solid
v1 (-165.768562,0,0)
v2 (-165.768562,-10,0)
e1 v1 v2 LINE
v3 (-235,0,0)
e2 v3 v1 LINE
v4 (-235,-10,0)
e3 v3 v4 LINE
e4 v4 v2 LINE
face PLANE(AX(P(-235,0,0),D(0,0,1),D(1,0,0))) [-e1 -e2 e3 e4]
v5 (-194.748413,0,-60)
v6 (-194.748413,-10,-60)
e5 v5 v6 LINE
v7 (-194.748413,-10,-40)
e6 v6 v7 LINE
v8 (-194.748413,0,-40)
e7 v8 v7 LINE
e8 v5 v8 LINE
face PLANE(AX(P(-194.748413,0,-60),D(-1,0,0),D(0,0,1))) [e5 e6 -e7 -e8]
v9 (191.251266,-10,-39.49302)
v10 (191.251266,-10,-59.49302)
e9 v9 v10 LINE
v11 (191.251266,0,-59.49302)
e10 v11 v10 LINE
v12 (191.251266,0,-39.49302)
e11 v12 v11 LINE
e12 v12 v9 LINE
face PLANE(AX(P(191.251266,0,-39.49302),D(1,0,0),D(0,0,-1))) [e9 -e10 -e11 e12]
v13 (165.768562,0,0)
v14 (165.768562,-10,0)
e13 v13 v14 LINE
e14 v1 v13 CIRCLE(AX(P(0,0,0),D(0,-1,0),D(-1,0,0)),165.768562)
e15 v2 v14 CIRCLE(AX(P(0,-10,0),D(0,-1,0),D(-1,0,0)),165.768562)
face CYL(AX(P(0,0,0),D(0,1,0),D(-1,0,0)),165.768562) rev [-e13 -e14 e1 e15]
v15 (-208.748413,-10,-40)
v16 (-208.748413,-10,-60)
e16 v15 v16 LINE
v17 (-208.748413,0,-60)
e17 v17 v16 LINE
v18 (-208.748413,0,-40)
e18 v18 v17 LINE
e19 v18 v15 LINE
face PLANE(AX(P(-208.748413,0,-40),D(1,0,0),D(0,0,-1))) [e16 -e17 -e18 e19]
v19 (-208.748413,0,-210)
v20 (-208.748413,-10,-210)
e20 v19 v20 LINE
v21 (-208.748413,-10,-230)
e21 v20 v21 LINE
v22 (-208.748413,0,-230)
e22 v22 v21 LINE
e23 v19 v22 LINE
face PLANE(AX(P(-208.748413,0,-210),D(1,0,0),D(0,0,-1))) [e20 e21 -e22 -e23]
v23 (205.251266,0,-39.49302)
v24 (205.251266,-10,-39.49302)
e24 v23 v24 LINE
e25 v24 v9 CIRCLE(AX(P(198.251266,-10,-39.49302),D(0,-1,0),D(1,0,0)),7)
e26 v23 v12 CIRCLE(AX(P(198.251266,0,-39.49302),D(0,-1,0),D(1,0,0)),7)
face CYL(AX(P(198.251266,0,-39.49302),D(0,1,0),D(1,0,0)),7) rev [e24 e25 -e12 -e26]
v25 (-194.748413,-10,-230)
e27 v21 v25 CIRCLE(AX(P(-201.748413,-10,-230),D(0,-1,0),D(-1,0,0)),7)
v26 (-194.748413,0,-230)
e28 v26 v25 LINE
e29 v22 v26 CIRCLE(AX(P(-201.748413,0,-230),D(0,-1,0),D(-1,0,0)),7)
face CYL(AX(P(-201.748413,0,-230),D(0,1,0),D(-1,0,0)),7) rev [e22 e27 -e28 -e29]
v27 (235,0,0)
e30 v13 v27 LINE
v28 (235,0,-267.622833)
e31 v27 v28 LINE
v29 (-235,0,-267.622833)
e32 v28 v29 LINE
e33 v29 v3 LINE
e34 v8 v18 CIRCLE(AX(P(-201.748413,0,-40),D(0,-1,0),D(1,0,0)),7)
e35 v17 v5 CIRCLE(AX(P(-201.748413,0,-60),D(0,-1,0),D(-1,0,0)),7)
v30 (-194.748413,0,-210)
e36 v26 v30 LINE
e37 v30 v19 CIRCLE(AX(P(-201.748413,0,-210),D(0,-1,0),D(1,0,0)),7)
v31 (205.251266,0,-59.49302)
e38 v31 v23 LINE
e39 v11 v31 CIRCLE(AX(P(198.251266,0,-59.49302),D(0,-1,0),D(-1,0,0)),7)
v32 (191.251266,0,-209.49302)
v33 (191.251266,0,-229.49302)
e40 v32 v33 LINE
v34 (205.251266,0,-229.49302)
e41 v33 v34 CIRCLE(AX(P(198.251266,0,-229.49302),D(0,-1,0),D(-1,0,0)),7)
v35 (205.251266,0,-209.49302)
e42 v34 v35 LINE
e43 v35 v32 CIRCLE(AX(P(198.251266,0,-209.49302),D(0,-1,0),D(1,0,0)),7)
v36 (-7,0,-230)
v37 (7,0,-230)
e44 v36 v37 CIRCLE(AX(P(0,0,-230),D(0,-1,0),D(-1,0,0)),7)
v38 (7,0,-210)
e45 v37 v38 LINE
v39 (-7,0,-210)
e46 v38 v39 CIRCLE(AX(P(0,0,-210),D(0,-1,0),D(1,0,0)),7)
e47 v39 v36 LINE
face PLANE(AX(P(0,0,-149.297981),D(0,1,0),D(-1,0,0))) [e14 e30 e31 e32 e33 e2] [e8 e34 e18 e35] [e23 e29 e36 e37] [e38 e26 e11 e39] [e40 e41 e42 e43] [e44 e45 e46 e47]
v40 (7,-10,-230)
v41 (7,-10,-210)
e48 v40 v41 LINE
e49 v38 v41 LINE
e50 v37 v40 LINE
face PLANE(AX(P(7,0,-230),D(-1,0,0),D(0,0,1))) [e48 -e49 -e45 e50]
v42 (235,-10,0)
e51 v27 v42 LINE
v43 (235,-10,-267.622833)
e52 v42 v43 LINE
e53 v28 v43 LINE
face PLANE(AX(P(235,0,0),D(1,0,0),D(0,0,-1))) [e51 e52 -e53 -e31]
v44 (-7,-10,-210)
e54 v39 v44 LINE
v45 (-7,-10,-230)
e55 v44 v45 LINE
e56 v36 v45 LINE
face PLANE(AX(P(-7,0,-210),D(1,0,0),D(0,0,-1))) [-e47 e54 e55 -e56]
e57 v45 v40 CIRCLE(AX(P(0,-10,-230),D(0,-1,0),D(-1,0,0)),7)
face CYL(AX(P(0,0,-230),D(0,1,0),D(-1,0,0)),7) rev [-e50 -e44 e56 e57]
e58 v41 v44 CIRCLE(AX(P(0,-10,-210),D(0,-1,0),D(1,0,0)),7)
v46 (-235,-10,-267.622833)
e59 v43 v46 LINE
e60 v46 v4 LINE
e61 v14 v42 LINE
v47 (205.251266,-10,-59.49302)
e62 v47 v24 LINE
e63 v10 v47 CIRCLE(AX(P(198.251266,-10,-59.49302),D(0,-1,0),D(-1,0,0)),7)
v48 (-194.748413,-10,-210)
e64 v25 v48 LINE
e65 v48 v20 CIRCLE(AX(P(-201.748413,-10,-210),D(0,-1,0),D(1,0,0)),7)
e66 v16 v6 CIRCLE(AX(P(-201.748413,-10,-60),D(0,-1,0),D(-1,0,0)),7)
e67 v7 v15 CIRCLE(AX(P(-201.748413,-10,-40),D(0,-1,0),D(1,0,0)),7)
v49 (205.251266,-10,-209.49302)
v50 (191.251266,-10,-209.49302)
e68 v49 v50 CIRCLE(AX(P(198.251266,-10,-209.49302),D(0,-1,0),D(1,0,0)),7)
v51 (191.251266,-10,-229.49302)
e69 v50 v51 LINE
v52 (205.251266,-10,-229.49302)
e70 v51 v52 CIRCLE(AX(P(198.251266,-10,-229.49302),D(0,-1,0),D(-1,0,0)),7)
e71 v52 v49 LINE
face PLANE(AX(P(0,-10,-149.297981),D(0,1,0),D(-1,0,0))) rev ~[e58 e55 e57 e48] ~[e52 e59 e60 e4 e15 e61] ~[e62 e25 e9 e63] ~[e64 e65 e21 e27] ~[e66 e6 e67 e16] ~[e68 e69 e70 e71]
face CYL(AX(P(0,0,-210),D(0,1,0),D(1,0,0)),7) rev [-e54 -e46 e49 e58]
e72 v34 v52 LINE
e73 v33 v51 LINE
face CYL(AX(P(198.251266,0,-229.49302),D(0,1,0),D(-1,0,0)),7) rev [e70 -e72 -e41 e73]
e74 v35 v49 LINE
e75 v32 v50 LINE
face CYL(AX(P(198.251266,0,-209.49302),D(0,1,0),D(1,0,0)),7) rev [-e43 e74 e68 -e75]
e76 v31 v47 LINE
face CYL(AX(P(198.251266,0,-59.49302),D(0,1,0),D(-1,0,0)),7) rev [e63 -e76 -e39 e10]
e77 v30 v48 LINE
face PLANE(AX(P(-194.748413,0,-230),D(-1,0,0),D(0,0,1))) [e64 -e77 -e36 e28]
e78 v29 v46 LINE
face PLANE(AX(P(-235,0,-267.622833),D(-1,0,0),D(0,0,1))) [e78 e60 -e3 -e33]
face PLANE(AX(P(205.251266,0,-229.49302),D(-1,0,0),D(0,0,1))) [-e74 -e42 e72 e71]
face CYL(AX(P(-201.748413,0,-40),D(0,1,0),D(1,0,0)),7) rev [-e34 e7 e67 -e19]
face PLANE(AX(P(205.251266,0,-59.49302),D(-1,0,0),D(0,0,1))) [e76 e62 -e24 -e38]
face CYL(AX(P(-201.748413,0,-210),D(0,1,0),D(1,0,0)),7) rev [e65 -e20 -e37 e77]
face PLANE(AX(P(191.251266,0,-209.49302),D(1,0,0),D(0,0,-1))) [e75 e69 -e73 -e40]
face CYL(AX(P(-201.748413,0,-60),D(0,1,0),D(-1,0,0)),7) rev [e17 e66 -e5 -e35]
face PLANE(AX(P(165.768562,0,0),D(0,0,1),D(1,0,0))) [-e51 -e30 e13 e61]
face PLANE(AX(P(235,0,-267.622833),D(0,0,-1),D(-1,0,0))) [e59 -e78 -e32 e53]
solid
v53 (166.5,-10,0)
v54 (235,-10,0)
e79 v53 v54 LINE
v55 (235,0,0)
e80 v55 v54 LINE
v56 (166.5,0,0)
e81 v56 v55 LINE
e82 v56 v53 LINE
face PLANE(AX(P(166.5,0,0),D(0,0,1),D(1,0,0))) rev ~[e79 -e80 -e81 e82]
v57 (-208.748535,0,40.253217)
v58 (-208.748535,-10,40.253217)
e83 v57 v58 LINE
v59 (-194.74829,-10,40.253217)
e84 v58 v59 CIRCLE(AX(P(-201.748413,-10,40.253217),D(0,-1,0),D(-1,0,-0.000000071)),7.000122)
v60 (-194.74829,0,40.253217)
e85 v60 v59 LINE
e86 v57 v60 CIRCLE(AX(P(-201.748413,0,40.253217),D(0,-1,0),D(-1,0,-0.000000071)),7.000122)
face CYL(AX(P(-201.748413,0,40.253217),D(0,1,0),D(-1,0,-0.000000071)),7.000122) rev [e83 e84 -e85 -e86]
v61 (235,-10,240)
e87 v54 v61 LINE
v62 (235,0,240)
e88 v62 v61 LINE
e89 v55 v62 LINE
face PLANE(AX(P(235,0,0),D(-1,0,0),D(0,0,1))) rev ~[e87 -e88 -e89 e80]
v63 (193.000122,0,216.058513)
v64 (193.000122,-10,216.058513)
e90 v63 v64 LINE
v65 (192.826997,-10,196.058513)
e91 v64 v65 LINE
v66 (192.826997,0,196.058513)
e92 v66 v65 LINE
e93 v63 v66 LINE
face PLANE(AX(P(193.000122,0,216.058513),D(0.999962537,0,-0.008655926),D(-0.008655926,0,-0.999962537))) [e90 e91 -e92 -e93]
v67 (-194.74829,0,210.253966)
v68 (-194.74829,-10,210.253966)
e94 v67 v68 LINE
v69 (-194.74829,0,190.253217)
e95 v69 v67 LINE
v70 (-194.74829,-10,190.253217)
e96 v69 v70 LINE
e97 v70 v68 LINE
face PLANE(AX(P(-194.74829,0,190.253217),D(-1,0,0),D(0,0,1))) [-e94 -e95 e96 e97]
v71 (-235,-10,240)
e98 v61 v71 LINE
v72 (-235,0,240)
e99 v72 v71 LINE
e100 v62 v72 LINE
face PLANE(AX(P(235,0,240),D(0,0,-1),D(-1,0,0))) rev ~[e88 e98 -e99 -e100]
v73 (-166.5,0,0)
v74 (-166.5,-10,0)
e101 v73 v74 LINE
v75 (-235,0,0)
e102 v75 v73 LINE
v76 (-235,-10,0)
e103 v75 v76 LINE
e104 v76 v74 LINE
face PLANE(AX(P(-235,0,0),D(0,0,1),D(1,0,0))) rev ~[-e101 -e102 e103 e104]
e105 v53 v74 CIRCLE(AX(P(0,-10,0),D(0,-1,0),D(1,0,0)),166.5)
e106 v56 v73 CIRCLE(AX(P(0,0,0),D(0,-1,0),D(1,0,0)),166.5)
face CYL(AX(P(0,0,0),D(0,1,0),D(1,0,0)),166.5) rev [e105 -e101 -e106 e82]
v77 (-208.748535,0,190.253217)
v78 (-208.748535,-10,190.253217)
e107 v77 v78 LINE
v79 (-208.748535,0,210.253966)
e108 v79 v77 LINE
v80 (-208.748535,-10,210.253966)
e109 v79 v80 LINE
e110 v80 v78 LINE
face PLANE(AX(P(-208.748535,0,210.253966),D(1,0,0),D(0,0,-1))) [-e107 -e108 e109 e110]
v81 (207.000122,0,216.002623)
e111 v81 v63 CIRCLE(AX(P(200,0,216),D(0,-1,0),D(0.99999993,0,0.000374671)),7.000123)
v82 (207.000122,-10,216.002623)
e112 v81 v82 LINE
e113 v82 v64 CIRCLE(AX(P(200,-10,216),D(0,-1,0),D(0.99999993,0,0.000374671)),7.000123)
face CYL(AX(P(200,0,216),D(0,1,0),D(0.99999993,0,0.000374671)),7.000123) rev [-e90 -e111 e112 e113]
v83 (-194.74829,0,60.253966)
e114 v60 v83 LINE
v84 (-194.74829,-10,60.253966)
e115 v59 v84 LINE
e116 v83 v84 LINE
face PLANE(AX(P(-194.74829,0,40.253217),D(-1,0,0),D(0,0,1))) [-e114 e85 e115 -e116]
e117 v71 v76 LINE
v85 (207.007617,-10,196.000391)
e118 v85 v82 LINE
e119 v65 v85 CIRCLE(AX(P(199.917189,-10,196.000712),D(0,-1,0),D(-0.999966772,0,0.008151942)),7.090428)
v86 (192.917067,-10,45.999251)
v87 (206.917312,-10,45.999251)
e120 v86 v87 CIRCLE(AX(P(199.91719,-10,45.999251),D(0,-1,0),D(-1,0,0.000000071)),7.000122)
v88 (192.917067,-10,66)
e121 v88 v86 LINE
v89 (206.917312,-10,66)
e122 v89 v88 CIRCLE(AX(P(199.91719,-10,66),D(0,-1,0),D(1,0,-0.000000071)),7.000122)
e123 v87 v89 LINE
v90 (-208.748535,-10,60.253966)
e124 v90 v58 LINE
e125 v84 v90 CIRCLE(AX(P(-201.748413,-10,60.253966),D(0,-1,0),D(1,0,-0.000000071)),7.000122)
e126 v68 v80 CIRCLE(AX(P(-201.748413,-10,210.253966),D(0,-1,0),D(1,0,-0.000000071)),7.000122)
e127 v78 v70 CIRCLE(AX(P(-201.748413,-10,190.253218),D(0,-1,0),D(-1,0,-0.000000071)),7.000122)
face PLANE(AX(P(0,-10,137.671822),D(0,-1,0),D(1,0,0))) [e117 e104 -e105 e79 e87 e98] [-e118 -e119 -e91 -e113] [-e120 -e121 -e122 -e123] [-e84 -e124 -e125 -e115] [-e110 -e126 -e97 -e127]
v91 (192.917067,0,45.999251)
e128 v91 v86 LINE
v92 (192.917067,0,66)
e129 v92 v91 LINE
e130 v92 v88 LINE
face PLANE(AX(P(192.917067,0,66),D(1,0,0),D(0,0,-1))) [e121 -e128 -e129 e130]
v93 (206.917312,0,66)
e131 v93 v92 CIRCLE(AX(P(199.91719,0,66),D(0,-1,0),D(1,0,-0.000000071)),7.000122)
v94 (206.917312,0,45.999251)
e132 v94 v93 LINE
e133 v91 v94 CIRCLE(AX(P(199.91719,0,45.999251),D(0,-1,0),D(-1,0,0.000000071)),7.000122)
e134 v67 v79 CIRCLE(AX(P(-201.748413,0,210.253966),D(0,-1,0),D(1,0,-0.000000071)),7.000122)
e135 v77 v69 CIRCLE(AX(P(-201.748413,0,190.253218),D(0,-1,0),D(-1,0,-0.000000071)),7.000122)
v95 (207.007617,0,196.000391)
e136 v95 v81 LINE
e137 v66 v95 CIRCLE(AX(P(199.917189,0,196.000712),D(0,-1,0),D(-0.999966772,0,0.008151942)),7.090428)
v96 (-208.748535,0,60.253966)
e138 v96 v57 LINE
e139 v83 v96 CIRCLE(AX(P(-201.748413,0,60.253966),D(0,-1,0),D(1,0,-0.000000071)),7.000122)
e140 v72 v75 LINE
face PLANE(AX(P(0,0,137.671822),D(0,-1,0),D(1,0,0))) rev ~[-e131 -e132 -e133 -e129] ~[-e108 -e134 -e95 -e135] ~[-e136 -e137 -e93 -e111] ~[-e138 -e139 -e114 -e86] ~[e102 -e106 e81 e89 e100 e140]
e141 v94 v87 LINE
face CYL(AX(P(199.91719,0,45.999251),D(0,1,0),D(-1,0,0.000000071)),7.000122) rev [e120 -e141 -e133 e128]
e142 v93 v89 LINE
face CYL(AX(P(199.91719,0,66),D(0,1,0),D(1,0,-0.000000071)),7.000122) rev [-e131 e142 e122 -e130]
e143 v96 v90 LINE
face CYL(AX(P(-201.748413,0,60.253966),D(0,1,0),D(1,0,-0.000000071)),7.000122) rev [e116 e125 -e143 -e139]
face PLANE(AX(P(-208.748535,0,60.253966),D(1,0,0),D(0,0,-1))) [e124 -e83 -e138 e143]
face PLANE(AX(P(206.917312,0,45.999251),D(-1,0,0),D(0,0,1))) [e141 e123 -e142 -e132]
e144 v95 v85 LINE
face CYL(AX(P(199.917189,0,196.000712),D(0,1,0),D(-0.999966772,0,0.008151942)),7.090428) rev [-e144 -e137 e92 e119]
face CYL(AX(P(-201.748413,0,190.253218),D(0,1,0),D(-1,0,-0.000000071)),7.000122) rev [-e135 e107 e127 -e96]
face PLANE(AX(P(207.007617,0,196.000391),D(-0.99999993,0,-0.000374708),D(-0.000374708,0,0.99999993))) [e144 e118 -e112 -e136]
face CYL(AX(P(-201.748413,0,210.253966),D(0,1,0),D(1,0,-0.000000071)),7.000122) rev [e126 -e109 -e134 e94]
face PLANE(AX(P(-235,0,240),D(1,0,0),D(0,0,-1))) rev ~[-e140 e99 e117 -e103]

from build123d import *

# Parameters (mm, degrees)
EXTRUDE_DEPTH    = 10
EXTRUDE001_DEPTH = 10


with BuildPart() as extrude_body:
    # Sketch → Extrude (new body)
    with BuildSketch(Plane.XZ):
        with BuildLine():
            Line((-235, 0), (-166.5, 0))
            ThreePointArc((166.5, 0), (0, 166.5), (-166.5, 0))
            Line((166.5, 0), (235, 0))
            Line((235, 0), (235, 240))
            Line((235, 240), (-235, 240))
            Line((-235, 240), (-235, 0))
        make_face()
        with BuildLine():
            ThreePointArc((207.000122, 216.002623), (200.027945, 223.000067), (193.000122, 216.058513))
            Line((193.000122, 216.058513), (192.826997, 196.058513))
            ThreePointArc((192.826997, 196.058513), (199.888127, 188.910344), (207.007617, 196.000391))
            Line((207.007617, 196.000391), (207.000122, 216.002623))
        make_face(mode=Mode.SUBTRACT)
        with BuildLine():
            ThreePointArc((206.917312, 66), (199.917189, 73.000123), (192.917067, 66))
            Line((192.917067, 66), (192.917067, 45.999251))
            ThreePointArc((192.917067, 45.999251), (199.917189, 38.999128), (206.917312, 45.999251))
            Line((206.917312, 45.999251), (206.917312, 66))
        make_face(mode=Mode.SUBTRACT)
        with BuildLine():
            ThreePointArc((-194.74829, 210.253966), (-201.748413, 217.254089), (-208.748535, 210.253966))
            Line((-208.748535, 210.253966), (-208.748535, 190.253217))
            ThreePointArc((-208.748535, 190.253217), (-201.748413, 183.253095), (-194.74829, 190.253217))
            Line((-194.74829, 190.253217), (-194.74829, 210.253966))
        make_face(mode=Mode.SUBTRACT)
        with BuildLine():
            ThreePointArc((-194.74829, 60.253966), (-201.748413, 67.254089), (-208.748535, 60.253966))
            Line((-208.748535, 60.253966), (-208.748535, 40.253217))
            ThreePointArc((-208.748535, 40.253217), (-201.748413, 33.253095), (-194.74829, 40.253217))
            Line((-194.74829, 40.253217), (-194.74829, 60.253966))
        make_face(mode=Mode.SUBTRACT)
    extrude(amount=EXTRUDE_DEPTH)


with BuildPart() as extrude001:
    # Sketch001 → Extrude001 (new body)
    with BuildSketch(Plane.XZ):
        with BuildLine():
            Line((-235, 0), (-165.768562, 0))
            ThreePointArc((-165.768562, 0), (0, -165.768562), (165.768562, 0))
            Line((165.768562, 0), (235, 0))
            Line((235, 0), (235, -267.622833))
            Line((235, -267.622833), (-235, -267.622833))
            Line((-235, -267.622833), (-235, 0))
        make_face()
        with BuildLine():
            ThreePointArc((-194.748413, -40), (-201.748413, -33), (-208.748413, -40))
            Line((-208.748413, -40), (-208.748413, -60))
            ThreePointArc((-208.748413, -60), (-201.748413, -67), (-194.748413, -60))
            Line((-194.748413, -60), (-194.748413, -40))
        make_face(mode=Mode.SUBTRACT)
        with BuildLine():
            ThreePointArc((-194.748413, -210), (-201.748413, -203), (-208.748413, -210))
            Line((-208.748413, -210), (-208.748413, -230))
            ThreePointArc((-208.748413, -230), (-201.748413, -237), (-194.748413, -230))
            Line((-194.748413, -230), (-194.748413, -210))
        make_face(mode=Mode.SUBTRACT)
        with BuildLine():
            ThreePointArc((205.251266, -39.49302), (198.251266, -32.49302), (191.251266, -39.49302))
            Line((191.251266, -39.49302), (191.251266, -59.49302))
            ThreePointArc((191.251266, -59.49302), (198.251266, -66.49302), (205.251266, -59.49302))
            Line((205.251266, -59.49302), (205.251266, -39.49302))
        make_face(mode=Mode.SUBTRACT)
        with BuildLine():
            ThreePointArc((205.251266, -209.49302), (198.251266, -202.49302), (191.251266, -209.49302))
            Line((191.251266, -209.49302), (191.251266, -229.49302))
            ThreePointArc((191.251266, -229.49302), (198.251266, -236.49302), (205.251266, -229.49302))
            Line((205.251266, -229.49302), (205.251266, -209.49302))
        make_face(mode=Mode.SUBTRACT)
        with BuildLine():
            ThreePointArc((7, -210), (0, -203), (-7, -210))
            Line((-7, -210), (-7, -230))
            ThreePointArc((-7, -230), (0, -237), (7, -230))
            Line((7, -230), (7, -210))
        make_face(mode=Mode.SUBTRACT)
    extrude(amount=EXTRUDE001_DEPTH)


solid = Compound([extrude_body.part, extrude001.part])
